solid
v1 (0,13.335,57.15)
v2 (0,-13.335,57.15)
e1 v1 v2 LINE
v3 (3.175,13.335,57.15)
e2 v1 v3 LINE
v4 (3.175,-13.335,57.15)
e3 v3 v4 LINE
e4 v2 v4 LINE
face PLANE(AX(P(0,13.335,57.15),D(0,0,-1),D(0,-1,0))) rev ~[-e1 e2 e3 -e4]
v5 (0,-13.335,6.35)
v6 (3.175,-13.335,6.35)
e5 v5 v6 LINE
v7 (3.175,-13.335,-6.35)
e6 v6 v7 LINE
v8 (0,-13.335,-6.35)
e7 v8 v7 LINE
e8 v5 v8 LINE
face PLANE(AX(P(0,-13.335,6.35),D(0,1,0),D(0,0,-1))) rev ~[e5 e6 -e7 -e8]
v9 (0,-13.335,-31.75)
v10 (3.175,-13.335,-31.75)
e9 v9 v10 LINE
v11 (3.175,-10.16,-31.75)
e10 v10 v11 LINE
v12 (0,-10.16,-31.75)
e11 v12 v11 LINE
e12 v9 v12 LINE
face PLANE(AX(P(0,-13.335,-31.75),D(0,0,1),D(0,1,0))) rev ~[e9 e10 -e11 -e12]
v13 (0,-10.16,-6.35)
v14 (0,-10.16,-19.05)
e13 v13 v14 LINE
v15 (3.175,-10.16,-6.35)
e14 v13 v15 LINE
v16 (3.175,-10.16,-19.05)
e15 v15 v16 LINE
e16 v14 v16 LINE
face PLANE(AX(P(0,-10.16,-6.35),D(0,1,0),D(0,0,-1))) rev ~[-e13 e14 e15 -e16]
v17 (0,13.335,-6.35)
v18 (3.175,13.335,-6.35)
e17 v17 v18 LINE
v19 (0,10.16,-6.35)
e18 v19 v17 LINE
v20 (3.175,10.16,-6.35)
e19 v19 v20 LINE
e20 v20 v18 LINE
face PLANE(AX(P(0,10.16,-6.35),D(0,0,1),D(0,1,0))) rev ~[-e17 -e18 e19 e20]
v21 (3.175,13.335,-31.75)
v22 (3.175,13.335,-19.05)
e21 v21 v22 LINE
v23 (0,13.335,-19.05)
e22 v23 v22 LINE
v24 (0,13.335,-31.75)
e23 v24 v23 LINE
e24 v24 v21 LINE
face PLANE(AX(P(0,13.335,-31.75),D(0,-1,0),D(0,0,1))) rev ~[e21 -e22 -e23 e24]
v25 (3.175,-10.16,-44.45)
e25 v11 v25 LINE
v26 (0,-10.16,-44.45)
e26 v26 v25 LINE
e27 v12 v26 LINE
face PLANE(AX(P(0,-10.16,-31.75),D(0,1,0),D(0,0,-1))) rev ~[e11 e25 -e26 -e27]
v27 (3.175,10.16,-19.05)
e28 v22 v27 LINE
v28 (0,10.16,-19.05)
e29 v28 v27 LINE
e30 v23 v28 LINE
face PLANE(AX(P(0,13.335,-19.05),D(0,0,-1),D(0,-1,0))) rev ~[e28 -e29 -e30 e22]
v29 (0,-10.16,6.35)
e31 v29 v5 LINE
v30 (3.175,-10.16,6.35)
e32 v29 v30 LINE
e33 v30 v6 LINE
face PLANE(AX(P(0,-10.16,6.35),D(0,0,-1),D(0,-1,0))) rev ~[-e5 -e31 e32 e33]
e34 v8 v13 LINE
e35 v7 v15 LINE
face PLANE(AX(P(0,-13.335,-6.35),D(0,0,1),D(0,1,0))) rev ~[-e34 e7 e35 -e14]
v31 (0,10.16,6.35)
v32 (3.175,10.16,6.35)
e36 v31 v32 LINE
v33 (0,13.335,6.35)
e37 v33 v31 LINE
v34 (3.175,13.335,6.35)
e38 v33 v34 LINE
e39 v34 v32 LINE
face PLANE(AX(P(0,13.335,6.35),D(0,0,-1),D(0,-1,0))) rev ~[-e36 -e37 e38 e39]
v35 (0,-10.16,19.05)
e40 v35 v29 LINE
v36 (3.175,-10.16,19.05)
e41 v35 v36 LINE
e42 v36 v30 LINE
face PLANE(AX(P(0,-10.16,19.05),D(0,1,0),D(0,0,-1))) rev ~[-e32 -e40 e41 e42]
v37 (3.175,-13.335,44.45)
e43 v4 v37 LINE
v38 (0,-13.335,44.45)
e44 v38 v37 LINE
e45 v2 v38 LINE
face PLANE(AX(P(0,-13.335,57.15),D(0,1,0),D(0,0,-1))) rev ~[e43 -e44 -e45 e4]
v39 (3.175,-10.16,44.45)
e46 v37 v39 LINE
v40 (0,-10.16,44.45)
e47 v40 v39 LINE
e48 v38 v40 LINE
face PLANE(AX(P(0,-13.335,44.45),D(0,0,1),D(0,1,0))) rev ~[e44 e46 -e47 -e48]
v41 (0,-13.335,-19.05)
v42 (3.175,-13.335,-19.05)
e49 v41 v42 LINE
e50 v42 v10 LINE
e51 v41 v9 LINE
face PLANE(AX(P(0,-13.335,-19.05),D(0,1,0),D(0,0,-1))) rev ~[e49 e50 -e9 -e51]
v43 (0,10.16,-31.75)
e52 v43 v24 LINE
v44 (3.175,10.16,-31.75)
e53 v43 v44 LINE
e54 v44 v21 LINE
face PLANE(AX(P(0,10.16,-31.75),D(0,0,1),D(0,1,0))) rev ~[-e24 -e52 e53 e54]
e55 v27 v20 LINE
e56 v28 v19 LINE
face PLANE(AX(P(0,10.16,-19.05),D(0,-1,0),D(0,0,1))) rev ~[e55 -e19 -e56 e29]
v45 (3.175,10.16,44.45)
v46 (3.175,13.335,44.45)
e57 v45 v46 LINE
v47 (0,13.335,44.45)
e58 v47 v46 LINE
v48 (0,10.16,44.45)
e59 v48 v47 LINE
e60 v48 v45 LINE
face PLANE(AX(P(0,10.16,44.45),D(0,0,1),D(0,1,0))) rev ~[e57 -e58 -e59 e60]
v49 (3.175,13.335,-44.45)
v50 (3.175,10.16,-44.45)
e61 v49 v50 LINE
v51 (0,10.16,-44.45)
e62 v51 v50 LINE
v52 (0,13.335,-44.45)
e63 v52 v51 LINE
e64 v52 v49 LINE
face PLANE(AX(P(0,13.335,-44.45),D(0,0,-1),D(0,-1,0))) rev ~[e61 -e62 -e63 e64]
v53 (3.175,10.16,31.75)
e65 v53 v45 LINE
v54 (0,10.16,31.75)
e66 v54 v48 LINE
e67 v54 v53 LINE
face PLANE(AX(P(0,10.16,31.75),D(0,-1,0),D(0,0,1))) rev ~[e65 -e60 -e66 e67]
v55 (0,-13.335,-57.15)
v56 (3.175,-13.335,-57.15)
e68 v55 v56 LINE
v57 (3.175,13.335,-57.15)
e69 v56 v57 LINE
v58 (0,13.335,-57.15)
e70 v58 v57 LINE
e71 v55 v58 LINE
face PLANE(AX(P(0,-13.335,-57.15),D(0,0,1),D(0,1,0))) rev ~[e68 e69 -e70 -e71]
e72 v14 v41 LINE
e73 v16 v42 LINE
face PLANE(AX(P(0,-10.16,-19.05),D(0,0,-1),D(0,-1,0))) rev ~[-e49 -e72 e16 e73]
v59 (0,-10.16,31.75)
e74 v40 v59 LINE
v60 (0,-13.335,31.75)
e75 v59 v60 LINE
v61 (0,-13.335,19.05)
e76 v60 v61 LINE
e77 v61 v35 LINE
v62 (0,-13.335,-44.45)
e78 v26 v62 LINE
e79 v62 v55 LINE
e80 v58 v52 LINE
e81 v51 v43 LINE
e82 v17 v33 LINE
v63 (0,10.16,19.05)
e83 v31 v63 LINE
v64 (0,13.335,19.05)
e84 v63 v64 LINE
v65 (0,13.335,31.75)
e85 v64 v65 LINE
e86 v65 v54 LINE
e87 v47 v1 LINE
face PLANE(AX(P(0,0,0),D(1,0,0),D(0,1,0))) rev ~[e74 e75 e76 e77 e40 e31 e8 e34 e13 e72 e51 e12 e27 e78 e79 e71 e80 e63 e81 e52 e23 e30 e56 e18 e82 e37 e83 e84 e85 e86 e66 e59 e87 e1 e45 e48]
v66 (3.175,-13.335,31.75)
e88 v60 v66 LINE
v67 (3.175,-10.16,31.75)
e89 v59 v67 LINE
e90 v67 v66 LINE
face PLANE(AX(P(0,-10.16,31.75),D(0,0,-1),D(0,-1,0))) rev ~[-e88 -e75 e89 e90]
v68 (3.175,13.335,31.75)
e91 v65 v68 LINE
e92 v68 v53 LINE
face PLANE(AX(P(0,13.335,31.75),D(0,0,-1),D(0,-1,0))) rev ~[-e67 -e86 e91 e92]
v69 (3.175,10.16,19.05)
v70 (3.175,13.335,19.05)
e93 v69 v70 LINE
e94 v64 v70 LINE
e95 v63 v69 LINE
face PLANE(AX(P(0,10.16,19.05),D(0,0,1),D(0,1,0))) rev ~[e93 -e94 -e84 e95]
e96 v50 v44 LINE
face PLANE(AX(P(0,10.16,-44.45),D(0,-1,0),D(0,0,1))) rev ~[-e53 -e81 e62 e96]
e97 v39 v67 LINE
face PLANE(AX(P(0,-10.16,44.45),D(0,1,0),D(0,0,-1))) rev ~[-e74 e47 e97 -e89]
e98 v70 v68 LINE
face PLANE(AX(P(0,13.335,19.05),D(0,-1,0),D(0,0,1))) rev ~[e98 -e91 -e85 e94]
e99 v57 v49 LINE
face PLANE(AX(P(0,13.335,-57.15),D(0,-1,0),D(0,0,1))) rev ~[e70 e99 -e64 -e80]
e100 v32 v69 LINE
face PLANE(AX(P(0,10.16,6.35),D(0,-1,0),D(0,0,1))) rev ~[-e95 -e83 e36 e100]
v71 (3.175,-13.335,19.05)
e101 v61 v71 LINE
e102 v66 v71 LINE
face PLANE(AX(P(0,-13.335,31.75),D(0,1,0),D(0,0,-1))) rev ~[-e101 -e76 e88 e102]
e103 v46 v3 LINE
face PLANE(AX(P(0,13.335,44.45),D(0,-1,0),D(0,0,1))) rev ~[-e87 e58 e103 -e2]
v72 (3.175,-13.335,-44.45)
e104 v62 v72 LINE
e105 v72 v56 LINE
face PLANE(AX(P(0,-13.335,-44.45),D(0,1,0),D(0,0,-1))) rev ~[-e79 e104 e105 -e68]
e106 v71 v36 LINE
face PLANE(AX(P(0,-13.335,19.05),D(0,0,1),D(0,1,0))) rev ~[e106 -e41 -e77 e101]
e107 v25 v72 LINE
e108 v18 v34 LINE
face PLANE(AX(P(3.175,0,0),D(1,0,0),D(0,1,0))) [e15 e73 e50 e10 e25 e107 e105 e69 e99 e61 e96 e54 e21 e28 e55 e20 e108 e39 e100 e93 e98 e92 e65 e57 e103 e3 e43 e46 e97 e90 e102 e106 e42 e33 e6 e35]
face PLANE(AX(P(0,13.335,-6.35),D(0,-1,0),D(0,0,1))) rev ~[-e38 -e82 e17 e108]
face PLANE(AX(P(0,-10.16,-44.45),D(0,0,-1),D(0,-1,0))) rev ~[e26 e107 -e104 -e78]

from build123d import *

# Parameters (mm, degrees)
F1_DEPTH = 3.175


with BuildPart() as f1:
    # F0 (on Right) → F1 (new body)
    with BuildSketch(Plane.YZ):
        Polygon((13.335, 57.15), (-13.335, 57.15), (-13.335, 44.45), (-10.16, 44.45), (-10.16, 31.75), (-13.335, 31.75), (-13.335, 19.05), (-10.16, 19.05), (-10.16, 6.35), (-13.335, 6.35), (-13.335, -6.35), (-10.16, -6.35), (-10.16, -19.05), (-13.335, -19.05), (-13.335, -31.75), (-10.16, -31.75), (-10.16, -44.45), (-13.335, -44.45), (-13.335, -57.15), (13.335, -57.15), (13.335, -44.45), (10.16, -44.45), (10.16, -31.75), (13.335, -31.75), (13.335, -19.05), (10.16, -19.05), (10.16, -6.35), (13.335, -6.35), (13.335, 6.35), (10.16, 6.35), (10.16, 19.05), (13.335, 19.05), (13.335, 31.75), (10.16, 31.75), (10.16, 44.45), (13.335, 44.45), align=None)
    extrude(amount=F1_DEPTH)


solid = f1.part
